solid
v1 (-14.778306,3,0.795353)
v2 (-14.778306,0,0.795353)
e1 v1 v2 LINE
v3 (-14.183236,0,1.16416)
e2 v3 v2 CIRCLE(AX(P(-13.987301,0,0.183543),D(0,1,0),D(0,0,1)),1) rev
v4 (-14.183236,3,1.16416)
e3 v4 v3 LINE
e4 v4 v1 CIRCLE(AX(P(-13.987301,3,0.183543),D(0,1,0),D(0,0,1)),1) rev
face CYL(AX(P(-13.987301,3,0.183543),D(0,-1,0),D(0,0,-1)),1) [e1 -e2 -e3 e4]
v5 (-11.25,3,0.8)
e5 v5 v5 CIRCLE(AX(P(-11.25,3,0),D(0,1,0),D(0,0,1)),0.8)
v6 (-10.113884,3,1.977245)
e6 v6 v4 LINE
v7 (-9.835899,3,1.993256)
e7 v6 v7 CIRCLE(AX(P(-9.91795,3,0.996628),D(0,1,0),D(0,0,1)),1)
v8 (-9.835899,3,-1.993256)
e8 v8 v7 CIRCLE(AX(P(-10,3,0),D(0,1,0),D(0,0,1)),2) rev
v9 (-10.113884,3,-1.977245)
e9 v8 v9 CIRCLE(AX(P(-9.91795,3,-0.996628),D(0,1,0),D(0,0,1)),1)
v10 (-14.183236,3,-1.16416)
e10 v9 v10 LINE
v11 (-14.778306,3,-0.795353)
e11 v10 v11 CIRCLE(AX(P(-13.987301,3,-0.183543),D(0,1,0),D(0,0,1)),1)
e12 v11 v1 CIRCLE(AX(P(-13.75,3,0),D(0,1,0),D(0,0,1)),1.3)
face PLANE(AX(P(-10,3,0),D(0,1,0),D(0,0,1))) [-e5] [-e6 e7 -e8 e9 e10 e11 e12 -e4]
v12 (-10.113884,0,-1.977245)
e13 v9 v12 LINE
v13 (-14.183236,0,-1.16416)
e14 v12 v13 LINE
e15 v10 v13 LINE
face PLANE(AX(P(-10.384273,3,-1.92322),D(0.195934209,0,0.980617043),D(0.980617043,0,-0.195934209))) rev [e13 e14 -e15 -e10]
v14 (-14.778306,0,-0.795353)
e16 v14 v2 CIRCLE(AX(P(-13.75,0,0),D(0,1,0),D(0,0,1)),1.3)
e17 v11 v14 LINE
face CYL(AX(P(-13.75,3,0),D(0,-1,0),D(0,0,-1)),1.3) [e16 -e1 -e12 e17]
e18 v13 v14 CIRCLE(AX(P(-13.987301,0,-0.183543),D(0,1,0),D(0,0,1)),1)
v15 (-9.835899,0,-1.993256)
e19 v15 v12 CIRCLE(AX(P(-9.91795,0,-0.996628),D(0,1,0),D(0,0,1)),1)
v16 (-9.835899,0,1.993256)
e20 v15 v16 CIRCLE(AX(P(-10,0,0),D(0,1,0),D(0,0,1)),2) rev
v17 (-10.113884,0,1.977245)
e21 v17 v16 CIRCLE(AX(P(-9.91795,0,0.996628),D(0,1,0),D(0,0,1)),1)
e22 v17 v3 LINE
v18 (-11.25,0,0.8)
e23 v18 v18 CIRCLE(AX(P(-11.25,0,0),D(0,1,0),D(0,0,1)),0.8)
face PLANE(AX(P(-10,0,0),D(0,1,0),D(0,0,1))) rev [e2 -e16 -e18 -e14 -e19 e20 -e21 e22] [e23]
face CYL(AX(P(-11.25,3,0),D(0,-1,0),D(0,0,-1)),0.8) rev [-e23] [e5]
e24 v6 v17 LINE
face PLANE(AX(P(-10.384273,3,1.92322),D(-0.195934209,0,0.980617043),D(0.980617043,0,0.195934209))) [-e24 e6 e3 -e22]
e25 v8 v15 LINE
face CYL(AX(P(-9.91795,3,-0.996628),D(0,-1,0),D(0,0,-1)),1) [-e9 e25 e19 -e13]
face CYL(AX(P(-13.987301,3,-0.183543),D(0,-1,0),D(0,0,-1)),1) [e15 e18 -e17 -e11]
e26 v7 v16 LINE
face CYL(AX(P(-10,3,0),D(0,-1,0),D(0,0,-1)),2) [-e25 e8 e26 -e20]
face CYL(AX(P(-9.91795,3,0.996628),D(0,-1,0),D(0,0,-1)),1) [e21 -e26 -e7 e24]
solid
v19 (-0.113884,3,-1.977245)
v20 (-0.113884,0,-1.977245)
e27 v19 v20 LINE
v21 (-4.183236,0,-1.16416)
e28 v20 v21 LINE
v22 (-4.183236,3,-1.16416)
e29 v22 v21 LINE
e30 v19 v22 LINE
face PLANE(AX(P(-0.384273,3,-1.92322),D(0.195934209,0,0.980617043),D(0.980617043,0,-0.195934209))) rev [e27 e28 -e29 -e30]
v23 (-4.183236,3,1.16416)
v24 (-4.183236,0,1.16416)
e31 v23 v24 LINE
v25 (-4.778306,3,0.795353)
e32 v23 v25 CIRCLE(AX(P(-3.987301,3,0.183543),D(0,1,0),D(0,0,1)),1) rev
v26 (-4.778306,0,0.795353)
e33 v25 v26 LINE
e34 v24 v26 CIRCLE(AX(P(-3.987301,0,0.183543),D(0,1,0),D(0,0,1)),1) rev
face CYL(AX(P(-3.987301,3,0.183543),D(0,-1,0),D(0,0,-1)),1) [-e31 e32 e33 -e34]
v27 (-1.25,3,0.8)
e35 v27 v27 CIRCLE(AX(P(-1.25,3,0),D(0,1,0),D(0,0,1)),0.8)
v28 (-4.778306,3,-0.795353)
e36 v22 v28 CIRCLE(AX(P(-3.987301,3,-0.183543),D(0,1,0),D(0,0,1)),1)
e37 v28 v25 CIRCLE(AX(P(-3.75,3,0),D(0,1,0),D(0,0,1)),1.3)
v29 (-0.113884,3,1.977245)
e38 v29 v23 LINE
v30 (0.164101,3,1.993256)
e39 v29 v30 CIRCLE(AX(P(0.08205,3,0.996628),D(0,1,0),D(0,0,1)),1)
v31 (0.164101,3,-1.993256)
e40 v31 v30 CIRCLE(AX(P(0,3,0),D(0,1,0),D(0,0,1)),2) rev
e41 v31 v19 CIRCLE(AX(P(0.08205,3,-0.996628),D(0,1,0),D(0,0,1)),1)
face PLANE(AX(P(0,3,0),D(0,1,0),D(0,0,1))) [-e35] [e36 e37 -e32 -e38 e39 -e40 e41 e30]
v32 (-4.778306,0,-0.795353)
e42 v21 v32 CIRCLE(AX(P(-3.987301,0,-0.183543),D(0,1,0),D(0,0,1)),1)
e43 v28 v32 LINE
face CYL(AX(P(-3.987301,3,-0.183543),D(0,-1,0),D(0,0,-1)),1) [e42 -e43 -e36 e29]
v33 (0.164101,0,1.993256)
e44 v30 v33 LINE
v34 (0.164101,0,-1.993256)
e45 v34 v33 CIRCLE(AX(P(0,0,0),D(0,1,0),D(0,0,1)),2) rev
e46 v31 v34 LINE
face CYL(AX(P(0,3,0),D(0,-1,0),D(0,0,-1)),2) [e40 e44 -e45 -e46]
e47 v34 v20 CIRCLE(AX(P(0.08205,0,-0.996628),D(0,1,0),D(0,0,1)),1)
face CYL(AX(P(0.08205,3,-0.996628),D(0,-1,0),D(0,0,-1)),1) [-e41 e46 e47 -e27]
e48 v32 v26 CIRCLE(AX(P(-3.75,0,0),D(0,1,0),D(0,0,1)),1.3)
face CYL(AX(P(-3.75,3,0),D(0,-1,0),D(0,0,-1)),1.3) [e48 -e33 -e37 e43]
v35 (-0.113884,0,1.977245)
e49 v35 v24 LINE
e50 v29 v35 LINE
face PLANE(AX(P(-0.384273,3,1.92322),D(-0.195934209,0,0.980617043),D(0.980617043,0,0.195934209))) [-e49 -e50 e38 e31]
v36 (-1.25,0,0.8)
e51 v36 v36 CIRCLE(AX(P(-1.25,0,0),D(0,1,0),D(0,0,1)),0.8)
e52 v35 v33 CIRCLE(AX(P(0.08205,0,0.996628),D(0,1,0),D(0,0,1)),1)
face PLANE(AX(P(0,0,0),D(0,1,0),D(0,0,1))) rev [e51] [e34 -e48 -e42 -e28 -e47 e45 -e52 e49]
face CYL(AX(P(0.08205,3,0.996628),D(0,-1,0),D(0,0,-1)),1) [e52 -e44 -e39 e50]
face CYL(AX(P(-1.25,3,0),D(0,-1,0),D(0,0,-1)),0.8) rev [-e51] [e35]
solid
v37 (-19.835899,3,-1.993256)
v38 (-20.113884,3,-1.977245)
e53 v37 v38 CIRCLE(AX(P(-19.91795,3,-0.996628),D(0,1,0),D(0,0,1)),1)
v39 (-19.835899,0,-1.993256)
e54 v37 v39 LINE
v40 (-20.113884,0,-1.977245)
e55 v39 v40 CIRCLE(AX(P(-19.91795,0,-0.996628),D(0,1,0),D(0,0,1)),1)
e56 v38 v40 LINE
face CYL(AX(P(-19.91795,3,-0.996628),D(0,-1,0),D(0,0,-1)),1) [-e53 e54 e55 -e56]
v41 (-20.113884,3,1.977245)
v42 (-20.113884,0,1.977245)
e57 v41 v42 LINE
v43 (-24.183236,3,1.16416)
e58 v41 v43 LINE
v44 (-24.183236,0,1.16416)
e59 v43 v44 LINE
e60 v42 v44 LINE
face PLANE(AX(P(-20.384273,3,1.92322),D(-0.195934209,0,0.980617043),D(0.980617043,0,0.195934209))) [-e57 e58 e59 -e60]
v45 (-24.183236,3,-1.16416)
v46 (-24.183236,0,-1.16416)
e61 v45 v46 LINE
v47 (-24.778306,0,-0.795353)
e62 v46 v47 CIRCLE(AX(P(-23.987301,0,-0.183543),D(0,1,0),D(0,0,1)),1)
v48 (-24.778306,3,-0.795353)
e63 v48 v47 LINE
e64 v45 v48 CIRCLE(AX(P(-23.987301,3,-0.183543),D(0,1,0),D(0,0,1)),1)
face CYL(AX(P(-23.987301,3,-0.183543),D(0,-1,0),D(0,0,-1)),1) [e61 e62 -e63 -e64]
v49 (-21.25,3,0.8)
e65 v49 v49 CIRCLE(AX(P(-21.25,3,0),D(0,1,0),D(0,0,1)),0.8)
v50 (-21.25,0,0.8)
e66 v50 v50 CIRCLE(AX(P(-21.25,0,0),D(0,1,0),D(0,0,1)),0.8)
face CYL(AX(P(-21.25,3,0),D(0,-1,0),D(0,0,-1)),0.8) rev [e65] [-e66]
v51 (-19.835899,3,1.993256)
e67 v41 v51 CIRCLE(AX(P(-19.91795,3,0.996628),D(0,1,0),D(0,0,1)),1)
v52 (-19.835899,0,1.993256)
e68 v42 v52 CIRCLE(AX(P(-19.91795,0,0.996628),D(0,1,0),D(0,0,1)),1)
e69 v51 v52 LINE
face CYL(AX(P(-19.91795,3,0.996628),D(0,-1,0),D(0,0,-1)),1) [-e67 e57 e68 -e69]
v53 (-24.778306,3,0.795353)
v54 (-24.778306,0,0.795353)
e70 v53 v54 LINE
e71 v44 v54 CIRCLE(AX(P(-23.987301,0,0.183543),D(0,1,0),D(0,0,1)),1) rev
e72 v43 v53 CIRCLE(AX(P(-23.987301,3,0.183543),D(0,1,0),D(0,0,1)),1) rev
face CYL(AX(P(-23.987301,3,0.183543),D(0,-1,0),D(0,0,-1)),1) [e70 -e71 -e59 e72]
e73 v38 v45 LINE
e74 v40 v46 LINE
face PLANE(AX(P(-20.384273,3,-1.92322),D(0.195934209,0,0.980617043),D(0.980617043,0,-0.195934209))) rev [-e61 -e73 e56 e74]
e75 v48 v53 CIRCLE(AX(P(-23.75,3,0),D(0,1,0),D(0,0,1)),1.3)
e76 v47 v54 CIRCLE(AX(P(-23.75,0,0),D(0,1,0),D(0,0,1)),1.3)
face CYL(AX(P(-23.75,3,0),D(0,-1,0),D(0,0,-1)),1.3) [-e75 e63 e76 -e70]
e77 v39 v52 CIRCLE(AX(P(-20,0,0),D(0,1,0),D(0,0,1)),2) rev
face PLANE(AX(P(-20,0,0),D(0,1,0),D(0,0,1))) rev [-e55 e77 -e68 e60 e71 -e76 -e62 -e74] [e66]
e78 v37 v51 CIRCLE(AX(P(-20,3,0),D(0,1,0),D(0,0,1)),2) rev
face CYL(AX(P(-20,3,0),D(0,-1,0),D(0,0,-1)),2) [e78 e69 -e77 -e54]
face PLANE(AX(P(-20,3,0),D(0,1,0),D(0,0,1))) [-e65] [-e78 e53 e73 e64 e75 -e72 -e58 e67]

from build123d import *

# Parameters (mm, degrees)
SKETCH1_R           = 0.8
BOSS_EXTRUDE1_DEPTH = 3
LPATTERN1_COUNT     = 3
LPATTERN1_PITCH     = 10


with BuildPart() as part:
    # Sketch1 → Boss-Extrude1 (new body)
    with BuildSketch(Plane(origin=(0, 0, 0), x_dir=(1, 0, 0), z_dir=(0, 1, 0))):
        with BuildLine():
            ThreePointArc((0.164100898, -1.993256355), (2, -1e-09), (0.1641009, 1.993256355))
            ThreePointArc((0.1641009, 1.993256355), (0.024548565, 1.994973575), (-0.113883759, 1.977245221))
            Line((-0.113883759, 1.977245221), (-4.183235691, 1.164159973))
            ThreePointArc((-4.183235691, 1.164159973), (-4.514100231, 1.033532975), (-4.77830642, 0.795352694))
            ThreePointArc((-4.77830642, 0.795352694), (-4.980202899, 0.420239012), (-5.05, 0))
            ThreePointArc((-5.05, 0), (-4.980202899, -0.420239012), (-4.77830642, -0.795352694))
            ThreePointArc((-4.77830642, -0.795352694), (-4.514100231, -1.033532975), (-4.183235691, -1.164159973))
            Line((-4.183235691, -1.164159973), (-0.11388376, -1.977245221))
            ThreePointArc((-0.11388376, -1.977245221), (0.024548564, -1.994973575), (0.164100898, -1.993256355))
        make_face()
        with Locations(Location((-1.25, 0, 0), (0, 0, 270))):
            Circle(SKETCH1_R, mode=Mode.SUBTRACT)
    extrude(amount=BOSS_EXTRUDE1_DEPTH)


with BuildPart() as lpattern1_1:
    # LPattern1: pattern copy
    add(part.part.moved(Location(Vector(-1, 0, 0) * (1 * LPATTERN1_PITCH))))


with BuildPart() as lpattern1_2:
    # LPattern1: pattern copy
    add(part.part.moved(Location(Vector(-1, 0, 0) * (2 * LPATTERN1_PITCH))))


solid = Compound([part.part, lpattern1_1.part, lpattern1_2.part])
